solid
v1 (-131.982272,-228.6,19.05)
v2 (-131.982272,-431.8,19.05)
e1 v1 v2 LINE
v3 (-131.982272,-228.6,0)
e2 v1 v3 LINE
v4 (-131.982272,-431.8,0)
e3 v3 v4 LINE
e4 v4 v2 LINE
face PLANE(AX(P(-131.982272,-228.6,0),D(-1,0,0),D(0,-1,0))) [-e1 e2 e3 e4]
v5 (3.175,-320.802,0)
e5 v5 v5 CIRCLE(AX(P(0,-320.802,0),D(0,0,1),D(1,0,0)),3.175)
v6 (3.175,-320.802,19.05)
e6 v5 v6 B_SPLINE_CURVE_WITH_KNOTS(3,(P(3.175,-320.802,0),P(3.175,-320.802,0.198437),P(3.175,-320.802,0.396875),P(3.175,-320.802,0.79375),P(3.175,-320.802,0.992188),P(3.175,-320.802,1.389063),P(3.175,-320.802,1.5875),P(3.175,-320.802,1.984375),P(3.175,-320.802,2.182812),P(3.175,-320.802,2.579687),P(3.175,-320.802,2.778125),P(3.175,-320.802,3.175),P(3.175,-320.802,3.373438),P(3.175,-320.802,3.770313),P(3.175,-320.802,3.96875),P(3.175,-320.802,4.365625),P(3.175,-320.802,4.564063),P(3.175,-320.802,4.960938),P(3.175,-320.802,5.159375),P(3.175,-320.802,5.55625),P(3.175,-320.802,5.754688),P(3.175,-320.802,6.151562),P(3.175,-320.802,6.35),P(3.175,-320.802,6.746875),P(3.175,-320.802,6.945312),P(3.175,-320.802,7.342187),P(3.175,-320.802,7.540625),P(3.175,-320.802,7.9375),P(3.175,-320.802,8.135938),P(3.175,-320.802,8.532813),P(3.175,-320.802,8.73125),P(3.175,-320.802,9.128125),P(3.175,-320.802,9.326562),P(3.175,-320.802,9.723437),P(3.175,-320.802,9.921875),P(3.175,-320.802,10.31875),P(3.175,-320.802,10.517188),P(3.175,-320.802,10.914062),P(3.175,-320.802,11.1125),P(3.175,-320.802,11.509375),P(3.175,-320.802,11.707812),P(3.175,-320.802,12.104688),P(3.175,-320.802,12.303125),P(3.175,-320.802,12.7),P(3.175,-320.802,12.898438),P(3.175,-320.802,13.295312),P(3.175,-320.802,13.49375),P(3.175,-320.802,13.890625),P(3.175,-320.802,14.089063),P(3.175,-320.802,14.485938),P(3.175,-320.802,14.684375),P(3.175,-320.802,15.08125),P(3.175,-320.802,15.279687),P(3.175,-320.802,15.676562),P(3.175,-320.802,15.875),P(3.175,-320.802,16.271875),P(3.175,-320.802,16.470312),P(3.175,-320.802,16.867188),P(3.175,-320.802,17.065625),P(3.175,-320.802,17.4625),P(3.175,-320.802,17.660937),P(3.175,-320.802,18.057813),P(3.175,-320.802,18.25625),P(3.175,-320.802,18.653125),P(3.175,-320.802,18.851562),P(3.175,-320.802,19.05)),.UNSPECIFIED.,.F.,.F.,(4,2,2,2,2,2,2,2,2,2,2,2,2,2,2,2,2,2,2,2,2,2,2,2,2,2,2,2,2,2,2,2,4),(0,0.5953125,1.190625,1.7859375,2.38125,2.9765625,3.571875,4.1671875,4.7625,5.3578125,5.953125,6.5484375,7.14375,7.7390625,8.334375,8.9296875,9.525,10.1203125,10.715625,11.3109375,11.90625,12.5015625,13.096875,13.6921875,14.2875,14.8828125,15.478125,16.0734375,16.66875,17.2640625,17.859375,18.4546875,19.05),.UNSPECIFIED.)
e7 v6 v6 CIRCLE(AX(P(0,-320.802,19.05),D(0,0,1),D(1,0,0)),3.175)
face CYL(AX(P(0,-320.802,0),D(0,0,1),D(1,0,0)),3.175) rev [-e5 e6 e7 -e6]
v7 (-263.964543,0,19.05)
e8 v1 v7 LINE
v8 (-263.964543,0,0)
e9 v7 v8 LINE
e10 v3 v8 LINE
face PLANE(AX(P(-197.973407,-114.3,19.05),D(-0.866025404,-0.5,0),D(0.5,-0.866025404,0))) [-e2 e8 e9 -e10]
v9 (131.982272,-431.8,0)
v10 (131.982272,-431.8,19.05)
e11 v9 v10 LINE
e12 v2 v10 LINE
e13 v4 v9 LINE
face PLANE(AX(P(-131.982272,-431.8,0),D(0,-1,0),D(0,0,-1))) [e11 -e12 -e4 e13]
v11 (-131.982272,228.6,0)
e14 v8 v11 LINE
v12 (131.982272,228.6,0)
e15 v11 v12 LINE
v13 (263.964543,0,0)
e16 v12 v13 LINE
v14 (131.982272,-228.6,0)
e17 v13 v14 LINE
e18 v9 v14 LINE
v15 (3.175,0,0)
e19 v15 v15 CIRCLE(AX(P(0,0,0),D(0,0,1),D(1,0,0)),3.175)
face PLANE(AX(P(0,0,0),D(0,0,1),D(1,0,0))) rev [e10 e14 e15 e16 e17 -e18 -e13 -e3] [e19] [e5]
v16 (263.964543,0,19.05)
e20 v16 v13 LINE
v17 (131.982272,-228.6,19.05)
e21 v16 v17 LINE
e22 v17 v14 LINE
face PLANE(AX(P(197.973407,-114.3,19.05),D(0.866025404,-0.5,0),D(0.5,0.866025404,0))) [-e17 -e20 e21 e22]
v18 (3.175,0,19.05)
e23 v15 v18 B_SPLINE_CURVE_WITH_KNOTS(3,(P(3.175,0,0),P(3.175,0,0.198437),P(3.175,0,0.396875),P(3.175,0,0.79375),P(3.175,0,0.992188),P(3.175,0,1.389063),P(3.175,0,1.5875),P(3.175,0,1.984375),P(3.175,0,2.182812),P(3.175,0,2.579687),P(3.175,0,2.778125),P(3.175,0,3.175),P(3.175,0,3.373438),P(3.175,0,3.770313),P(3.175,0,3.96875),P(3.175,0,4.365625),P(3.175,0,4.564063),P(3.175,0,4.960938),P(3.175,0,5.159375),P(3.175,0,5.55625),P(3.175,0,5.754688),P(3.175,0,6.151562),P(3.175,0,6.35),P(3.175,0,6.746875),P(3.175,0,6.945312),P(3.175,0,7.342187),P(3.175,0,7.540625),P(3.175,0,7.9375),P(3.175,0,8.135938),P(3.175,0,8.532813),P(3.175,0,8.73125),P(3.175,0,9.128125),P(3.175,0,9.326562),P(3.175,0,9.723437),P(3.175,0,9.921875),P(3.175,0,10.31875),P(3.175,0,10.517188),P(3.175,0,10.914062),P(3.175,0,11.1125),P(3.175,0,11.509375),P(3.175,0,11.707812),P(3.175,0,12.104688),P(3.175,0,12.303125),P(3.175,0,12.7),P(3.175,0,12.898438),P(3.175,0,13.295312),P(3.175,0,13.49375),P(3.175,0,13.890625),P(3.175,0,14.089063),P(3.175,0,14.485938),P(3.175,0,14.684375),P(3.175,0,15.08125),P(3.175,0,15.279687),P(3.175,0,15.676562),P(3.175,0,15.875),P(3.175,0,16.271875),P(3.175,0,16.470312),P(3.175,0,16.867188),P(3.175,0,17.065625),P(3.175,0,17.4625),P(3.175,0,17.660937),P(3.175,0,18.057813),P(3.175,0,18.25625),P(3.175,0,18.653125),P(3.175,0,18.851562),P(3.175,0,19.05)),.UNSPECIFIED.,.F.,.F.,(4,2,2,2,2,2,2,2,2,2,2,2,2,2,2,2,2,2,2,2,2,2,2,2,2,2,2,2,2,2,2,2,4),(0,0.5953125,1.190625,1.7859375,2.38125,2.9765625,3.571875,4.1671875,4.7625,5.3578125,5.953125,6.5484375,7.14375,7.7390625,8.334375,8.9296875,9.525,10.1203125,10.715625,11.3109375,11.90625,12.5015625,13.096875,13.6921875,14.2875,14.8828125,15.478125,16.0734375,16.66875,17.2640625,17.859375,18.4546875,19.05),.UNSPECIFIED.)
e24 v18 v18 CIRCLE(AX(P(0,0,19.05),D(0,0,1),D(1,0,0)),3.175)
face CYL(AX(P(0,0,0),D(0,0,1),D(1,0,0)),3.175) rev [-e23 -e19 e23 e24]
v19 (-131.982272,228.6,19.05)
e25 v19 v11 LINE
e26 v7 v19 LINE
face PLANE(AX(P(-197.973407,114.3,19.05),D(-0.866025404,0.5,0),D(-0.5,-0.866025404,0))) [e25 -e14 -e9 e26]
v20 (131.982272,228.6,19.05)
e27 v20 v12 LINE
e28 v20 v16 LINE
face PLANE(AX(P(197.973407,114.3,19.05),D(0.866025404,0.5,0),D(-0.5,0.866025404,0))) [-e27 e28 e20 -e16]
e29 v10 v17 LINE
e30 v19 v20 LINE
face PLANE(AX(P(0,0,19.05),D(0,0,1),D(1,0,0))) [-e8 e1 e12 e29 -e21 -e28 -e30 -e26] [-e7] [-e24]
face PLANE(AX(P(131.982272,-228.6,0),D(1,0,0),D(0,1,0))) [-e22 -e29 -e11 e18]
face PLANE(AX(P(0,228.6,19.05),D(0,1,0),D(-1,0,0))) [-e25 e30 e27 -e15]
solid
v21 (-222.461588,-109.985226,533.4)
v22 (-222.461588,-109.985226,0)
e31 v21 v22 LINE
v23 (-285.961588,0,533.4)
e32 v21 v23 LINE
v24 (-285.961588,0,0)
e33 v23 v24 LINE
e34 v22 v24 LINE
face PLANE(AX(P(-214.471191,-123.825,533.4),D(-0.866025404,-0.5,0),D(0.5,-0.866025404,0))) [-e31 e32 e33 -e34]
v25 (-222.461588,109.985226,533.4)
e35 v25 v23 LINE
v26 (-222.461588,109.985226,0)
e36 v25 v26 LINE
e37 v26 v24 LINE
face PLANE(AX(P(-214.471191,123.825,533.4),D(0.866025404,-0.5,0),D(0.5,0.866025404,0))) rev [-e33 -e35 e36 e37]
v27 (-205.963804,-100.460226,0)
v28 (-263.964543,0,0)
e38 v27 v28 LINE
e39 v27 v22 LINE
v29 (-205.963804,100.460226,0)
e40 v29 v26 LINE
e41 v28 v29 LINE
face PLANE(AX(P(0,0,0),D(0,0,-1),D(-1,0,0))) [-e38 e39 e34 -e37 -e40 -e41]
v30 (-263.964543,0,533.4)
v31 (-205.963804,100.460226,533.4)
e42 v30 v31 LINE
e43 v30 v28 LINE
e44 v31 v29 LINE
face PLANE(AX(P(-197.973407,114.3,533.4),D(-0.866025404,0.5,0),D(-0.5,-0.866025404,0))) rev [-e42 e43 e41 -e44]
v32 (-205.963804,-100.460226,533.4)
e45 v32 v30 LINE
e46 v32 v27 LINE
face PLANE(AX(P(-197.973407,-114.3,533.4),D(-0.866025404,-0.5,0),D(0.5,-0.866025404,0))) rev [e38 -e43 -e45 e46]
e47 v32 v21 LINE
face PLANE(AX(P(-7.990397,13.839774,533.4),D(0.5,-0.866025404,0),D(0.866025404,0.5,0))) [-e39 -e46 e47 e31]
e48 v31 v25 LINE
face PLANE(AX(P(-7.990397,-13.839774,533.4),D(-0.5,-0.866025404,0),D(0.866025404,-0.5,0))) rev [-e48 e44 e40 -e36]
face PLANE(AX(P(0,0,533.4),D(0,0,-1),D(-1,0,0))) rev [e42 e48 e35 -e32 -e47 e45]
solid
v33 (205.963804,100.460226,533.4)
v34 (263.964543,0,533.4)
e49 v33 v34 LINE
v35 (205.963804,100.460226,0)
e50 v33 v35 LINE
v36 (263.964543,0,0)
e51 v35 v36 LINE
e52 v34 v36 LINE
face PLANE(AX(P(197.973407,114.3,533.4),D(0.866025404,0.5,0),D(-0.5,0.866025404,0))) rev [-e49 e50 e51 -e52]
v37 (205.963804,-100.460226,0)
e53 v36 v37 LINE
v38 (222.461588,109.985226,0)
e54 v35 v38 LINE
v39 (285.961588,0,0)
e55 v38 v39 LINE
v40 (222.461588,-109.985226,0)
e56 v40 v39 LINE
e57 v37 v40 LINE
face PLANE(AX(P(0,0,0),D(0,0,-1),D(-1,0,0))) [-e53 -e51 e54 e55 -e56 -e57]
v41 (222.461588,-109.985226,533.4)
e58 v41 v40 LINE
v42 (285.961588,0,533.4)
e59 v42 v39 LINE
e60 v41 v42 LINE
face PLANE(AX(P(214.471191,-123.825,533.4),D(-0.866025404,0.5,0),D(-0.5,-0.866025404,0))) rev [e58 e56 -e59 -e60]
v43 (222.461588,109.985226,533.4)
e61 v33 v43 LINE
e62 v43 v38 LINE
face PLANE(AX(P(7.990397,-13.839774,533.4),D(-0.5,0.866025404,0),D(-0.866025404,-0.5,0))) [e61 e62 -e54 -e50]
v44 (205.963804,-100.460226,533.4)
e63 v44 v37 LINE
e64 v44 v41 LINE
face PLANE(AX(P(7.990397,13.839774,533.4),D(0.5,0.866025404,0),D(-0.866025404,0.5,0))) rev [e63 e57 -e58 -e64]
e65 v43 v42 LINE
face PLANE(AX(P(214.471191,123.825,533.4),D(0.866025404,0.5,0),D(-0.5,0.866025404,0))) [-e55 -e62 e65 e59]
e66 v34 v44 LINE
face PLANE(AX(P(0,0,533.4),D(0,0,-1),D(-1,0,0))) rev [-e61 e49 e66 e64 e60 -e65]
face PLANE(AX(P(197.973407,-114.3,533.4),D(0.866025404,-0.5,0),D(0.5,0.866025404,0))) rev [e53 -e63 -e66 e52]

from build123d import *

# Parameters (mm, degrees)
BOSS_EXTRUDE1_DEPTH = 19.05
SKETCH2_W           = 263.964543074
SKETCH2_H           = 203.2
BOSS_EXTRUDE2_DEPTH = 19.05
BOSS_EXTRUDE3_DEPTH = 533.4
SKETCH4_R           = 3.175
CUT_EXTRUDE1_DEPTH  = 730.918620464


with BuildPart() as part:
    # Sketch1 → Boss-Extrude1 (new body)
    with BuildSketch(Plane.XY):
        Polygon((-131.982271537, 228.6), (131.982271537, 228.6), (263.964543073, 0), (131.982271537, -228.6), (-131.982271537, -228.6), (-263.964543073, 0), align=None)
    extrude(amount=BOSS_EXTRUDE1_DEPTH)

    # Sketch2 → Boss-Extrude2 (add)
    with BuildSketch(Plane.XY.offset(19.05)):
        with Locations((0, -330.2)):
            Rectangle(SKETCH2_W, SKETCH2_H)
    extrude(amount=-BOSS_EXTRUDE2_DEPTH)

    # Sketch4 → Cut-Extrude1 (cut, through all)
    with BuildSketch(Plane.XY.offset(19.05)):
        Circle(SKETCH4_R)
        with Locations((0, -320.802)):
            Circle(SKETCH4_R)
    extrude(amount=-CUT_EXTRUDE1_DEPTH, mode=Mode.SUBTRACT)


with BuildPart() as body_2:
    # Sketch3 → Boss-Extrude3 (new body)
    with BuildSketch(Plane(origin=(0, 0, 0), x_dir=(-1, 0, 0), z_dir=(0, 0, -1))):
        Polygon((269.463804388, -9.525), (263.964543073, 0), (205.963804388, -100.460226281), (222.46158833, -109.985226281), (285.96158833, 0), align=None)
        Polygon((269.463804388, 9.525), (263.964543073, 0), (269.463804388, -9.525), (285.96158833, 0), align=None)
        Polygon((222.46158833, 109.985226281), (205.963804388, 100.460226281), (263.964543073, 0), (269.463804388, 9.525), (285.96158833, 0), align=None)
        Polygon((-285.96158833, 0), (-222.46158833, -109.985226281), (-205.963804388, -100.460226281), (-263.964543073, 0), (-269.463804388, -9.525), align=None)
        Polygon((-269.463804388, 9.525), (-285.96158833, 0), (-269.463804388, -9.525), (-263.964543073, 0), align=None)
        Polygon((-222.46158833, 109.985226281), (-285.96158833, 0), (-269.463804388, 9.525), (-263.964543073, 0), (-205.963804388, 100.460226281), align=None)
    extrude(amount=-BOSS_EXTRUDE3_DEPTH)


solid = Compound([part.part, body_2.part])
